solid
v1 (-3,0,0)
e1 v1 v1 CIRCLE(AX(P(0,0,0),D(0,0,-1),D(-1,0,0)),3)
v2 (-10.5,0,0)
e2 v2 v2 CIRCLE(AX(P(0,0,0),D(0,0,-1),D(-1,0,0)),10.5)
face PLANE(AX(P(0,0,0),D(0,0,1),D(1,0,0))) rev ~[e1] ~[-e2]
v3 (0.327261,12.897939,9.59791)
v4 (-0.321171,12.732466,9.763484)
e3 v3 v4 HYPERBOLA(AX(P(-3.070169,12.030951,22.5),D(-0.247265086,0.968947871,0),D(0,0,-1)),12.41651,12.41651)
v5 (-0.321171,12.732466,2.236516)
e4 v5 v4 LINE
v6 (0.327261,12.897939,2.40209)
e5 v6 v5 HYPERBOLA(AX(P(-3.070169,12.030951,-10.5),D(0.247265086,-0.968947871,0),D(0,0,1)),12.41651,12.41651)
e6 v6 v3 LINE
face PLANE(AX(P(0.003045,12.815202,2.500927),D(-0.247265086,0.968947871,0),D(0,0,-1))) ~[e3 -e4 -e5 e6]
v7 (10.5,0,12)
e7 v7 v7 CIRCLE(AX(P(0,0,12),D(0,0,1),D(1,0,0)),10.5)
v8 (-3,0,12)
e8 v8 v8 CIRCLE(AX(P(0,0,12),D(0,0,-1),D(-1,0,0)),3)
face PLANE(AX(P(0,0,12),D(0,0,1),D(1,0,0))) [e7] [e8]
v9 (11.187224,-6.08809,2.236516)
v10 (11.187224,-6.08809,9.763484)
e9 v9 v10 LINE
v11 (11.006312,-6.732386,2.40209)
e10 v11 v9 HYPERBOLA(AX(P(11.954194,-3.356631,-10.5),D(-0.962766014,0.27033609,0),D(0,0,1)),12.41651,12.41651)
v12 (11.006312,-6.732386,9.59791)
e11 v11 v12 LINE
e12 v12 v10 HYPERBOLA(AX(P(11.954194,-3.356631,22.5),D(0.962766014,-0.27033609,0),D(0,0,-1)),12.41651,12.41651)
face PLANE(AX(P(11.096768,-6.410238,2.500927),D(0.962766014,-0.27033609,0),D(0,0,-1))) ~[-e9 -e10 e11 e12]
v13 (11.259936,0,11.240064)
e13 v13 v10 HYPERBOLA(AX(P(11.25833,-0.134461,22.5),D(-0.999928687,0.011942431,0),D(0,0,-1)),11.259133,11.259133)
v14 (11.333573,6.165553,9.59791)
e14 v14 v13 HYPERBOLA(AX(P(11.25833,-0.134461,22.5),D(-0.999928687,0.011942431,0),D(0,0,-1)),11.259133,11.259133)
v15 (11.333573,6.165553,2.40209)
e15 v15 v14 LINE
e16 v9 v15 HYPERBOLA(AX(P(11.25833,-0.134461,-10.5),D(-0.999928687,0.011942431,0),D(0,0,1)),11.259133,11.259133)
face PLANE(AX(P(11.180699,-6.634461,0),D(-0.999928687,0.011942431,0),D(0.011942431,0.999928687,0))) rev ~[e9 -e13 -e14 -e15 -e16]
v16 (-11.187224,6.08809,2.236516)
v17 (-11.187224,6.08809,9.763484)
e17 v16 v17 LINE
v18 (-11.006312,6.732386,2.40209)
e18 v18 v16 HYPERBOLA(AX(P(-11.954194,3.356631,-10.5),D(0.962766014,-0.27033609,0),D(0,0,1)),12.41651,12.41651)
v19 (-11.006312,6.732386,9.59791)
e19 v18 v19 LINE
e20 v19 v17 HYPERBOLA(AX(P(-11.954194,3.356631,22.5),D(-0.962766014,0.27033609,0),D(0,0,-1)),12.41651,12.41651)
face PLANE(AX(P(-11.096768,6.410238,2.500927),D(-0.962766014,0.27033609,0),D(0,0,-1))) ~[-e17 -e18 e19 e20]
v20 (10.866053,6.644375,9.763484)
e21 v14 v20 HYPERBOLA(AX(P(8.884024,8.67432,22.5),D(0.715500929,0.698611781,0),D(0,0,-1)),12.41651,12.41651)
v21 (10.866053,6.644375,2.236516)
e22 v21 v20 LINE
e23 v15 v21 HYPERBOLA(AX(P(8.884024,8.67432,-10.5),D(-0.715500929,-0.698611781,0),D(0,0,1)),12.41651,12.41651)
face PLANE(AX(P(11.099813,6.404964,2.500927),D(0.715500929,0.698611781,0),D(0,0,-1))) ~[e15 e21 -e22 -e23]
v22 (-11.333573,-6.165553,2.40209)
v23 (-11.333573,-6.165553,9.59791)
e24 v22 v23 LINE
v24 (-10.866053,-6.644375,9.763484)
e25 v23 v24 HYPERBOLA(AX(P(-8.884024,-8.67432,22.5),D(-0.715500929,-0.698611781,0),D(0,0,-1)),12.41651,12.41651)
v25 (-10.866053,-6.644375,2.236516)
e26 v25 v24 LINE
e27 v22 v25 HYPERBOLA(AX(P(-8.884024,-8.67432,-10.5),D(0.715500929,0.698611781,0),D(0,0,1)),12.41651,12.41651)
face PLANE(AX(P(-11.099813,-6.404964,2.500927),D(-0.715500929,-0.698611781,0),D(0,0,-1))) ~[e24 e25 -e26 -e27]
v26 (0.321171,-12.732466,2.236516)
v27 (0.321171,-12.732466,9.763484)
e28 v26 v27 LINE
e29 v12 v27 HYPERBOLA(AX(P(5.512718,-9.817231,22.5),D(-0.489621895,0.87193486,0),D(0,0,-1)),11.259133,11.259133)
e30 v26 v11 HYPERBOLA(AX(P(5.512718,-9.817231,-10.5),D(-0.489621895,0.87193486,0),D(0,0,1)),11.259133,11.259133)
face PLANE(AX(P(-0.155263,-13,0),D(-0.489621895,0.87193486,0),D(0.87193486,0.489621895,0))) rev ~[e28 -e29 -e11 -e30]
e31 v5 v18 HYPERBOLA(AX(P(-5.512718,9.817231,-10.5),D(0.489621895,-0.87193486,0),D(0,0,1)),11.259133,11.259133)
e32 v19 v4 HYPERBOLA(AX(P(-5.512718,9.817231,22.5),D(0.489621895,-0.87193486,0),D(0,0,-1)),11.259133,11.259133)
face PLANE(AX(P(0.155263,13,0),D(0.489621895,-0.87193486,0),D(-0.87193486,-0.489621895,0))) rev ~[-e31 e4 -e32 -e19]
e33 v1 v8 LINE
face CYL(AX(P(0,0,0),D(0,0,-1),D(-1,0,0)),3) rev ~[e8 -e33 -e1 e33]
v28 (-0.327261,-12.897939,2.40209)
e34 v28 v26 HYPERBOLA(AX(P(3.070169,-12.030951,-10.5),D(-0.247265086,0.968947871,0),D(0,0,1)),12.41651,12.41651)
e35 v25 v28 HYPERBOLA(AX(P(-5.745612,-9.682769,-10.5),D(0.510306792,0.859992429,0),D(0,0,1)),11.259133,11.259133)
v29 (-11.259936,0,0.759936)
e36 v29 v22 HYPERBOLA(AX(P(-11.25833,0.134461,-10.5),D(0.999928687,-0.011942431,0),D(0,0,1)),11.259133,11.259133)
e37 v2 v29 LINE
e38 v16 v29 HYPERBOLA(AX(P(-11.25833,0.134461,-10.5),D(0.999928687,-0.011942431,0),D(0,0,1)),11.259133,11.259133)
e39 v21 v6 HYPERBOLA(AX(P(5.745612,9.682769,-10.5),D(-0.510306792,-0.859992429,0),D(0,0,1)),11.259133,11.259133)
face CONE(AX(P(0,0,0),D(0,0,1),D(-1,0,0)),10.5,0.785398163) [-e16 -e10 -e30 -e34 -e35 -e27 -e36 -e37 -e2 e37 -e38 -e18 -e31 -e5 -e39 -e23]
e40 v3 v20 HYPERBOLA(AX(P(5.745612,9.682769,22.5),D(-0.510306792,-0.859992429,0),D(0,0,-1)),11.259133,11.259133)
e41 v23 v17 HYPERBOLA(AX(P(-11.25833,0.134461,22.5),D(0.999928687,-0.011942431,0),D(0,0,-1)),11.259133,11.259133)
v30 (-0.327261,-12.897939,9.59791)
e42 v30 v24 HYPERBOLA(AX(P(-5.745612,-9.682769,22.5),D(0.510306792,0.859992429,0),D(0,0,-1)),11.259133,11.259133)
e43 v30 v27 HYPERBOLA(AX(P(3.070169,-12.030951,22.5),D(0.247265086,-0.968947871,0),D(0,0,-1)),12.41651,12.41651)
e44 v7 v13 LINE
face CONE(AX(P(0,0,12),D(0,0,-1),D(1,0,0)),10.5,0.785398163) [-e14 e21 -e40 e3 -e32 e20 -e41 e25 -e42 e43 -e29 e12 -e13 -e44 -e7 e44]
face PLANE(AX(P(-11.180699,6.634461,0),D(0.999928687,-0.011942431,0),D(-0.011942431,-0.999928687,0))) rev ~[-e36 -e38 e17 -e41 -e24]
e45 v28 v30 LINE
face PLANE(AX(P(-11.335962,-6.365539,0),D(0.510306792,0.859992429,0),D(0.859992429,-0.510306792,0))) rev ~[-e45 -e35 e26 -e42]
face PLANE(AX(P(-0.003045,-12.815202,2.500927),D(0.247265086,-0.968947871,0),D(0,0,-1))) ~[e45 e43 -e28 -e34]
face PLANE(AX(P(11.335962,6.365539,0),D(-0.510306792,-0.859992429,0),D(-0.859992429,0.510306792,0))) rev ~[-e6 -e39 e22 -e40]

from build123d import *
from OCP.BRepFilletAPI import BRepFilletAPI_MakeChamfer

# Parameters (mm, degrees)
BOSS_EXTRUDE1_DEPTH = 12
SKETCH2_OUTSIDE_W   = 51.976
SKETCH2_OUTSIDE_H   = 55.304
SKETCH2_OUTSIDE_R   = 10.5
CUT_EXTRUDE1_DEPTH  = 10
CUT_EXTRUDE1_DRAFT  = -45
SKETCH3_OUTSIDE_W   = 51.976
SKETCH3_OUTSIDE_H   = 55.304
SKETCH3_OUTSIDE_R   = 10.5
CUT_EXTRUDE2_DEPTH  = 10
CUT_EXTRUDE2_DRAFT  = -45
CHAMFER2_SIZE       = 0.2
CHAMFER2_SIZE2      = 0.546410162
SKETCH5_R           = 3
CUT_EXTRUDE5_DEPTH  = 20


with BuildPart() as part:
    # Sketch1 → Boss-Extrude1 (new body)
    with BuildSketch(Plane.XY):
        Polygon((11.180698914, -6.634461418), (11.335961585, 6.365538582), (0.155262671, 13), (-11.180698914, 6.634461418), (-11.335961585, -6.365538582), (-0.155262671, -13), align=None)
    extrude(amount=BOSS_EXTRUDE1_DEPTH)


with BuildPart() as cut_extrude1_tool:
    # Sketch2 outside → Cut-Extrude1 (with draft: the straight prism first)
    with BuildSketch(Plane.XY.offset(12)):
        Rectangle(SKETCH2_OUTSIDE_W, SKETCH2_OUTSIDE_H)
        Circle(SKETCH2_OUTSIDE_R, mode=Mode.SUBTRACT)
    extrude(amount=-CUT_EXTRUDE1_DEPTH)
    # Cut-Extrude1: the draft: its side faces are tilted about the plane it starts from
    cut_extrude1_sides = [cut_extrude1_tool.faces().sort_by_distance(p)[0] for p in [
        (0, -27.652, 7),
        (25.988, 0, 7),
        (0, 27.652, 7),
        (-25.988, 0, 7),
        (-10.5, 0, 7),
    ]]
    draft(cut_extrude1_sides, Plane.XY.offset(12), CUT_EXTRUDE1_DRAFT)


with BuildPart() as part_1:
    add(part.part)

    # Cut-Extrude1: cut by cut_extrude1_tool
    add(cut_extrude1_tool.part, mode=Mode.SUBTRACT)


with BuildPart() as cut_extrude2_tool:
    # Sketch3 outside → Cut-Extrude2 (with draft: the straight prism first)
    with BuildSketch(Plane(origin=(0, 0, 0), x_dir=(-1, 0, 0), z_dir=(0, 0, -1))):
        Rectangle(SKETCH3_OUTSIDE_W, SKETCH3_OUTSIDE_H)
        Circle(SKETCH3_OUTSIDE_R, mode=Mode.SUBTRACT)
    extrude(amount=-CUT_EXTRUDE2_DEPTH)
    # Cut-Extrude2: the draft: its side faces are tilted about the plane it starts from
    cut_extrude2_sides = [cut_extrude2_tool.faces().sort_by_distance(p)[0] for p in [
        (0, -27.652, 5),
        (-25.988, 0, 5),
        (0, 27.652, 5),
        (25.988, 0, 5),
        (10.5, 0, 5),
    ]]
    draft(cut_extrude2_sides, Plane(origin=(0, 0, 0), x_dir=(-1, 0, 0), z_dir=(0, 0, -1)), CUT_EXTRUDE2_DRAFT)


with BuildPart() as part_2:
    add(part_1.part)

    # Cut-Extrude2: cut by cut_extrude2_tool
    add(cut_extrude2_tool.part, mode=Mode.SUBTRACT)

    # Chamfer2: one chamfer whose edges measure the first distance from different faces: ONE call of the kernel's chamfer builder (chamfer() names one face for all edges)
    chamfer2_edges_1 = [part_2.edges().sort_by_distance(p)[0] for p in [
        (11.335961585, 6.365538582, 6),
    ]]
    chamfer2_side_1 = [part_2.faces().sort_by_distance(p)[0] for p in [
        (11.258330249, -0.134461418, 6),
    ]]
    chamfer2_edges_2 = [part_2.edges().sort_by_distance(p)[0] for p in [
        (0.155262671, 13, 6),
    ]]
    chamfer2_side_2 = [part_2.faces().sort_by_distance(p)[0] for p in [
        (5.745612128, 9.682769291, 6),
    ]]
    chamfer2_edges_3 = [part_2.edges().sort_by_distance(p)[0] for p in [
        (-11.180698914, 6.634461418, 6),
    ]]
    chamfer2_side_3 = [part_2.faces().sort_by_distance(p)[0] for p in [
        (-5.512718121, 9.817230709, 6),
    ]]
    chamfer2_edges_4 = [part_2.edges().sort_by_distance(p)[0] for p in [
        (-11.335961585, -6.365538582, 6),
    ]]
    chamfer2_side_4 = [part_2.faces().sort_by_distance(p)[0] for p in [
        (-11.258330249, 0.134461418, 6),
    ]]
    chamfer2_edges_5 = [part_2.edges().sort_by_distance(p)[0] for p in [
        (-0.155262671, -13, 6),
    ]]
    chamfer2_side_5 = [part_2.faces().sort_by_distance(p)[0] for p in [
        (-5.745612128, -9.682769291, 6),
    ]]
    chamfer2_edges_6 = [part_2.edges().sort_by_distance(p)[0] for p in [
        (11.180698914, -6.634461418, 6),
    ]]
    chamfer2_side_6 = [part_2.faces().sort_by_distance(p)[0] for p in [
        (5.512718121, -9.817230709, 6),
    ]]
    chamfer2 = BRepFilletAPI_MakeChamfer(part_2.part.solid().wrapped)
    for e in chamfer2_edges_1:
        chamfer2.Add(CHAMFER2_SIZE, CHAMFER2_SIZE2, e.wrapped, chamfer2_side_1[0].wrapped)  # the first distance lies on this face
    for e in chamfer2_edges_2:
        chamfer2.Add(CHAMFER2_SIZE, CHAMFER2_SIZE2, e.wrapped, chamfer2_side_2[0].wrapped)  # the first distance lies on this face
    for e in chamfer2_edges_3:
        chamfer2.Add(CHAMFER2_SIZE, CHAMFER2_SIZE2, e.wrapped, chamfer2_side_3[0].wrapped)  # the first distance lies on this face
    for e in chamfer2_edges_4:
        chamfer2.Add(CHAMFER2_SIZE, CHAMFER2_SIZE2, e.wrapped, chamfer2_side_4[0].wrapped)  # the first distance lies on this face
    for e in chamfer2_edges_5:
        chamfer2.Add(CHAMFER2_SIZE, CHAMFER2_SIZE2, e.wrapped, chamfer2_side_5[0].wrapped)  # the first distance lies on this face
    for e in chamfer2_edges_6:
        chamfer2.Add(CHAMFER2_SIZE, CHAMFER2_SIZE2, e.wrapped, chamfer2_side_6[0].wrapped)  # the first distance lies on this face
    add(Compound.cast(chamfer2.Shape()), mode=Mode.REPLACE)

    # Sketch5 → Cut-Extrude5 (cut)
    with BuildSketch(Plane(origin=(0, 0, 0), x_dir=(-1, 0, 0), z_dir=(0, 0, -1))):
        Circle(SKETCH5_R)
    extrude(amount=-CUT_EXTRUDE5_DEPTH, mode=Mode.SUBTRACT)


solid = part_2.part
